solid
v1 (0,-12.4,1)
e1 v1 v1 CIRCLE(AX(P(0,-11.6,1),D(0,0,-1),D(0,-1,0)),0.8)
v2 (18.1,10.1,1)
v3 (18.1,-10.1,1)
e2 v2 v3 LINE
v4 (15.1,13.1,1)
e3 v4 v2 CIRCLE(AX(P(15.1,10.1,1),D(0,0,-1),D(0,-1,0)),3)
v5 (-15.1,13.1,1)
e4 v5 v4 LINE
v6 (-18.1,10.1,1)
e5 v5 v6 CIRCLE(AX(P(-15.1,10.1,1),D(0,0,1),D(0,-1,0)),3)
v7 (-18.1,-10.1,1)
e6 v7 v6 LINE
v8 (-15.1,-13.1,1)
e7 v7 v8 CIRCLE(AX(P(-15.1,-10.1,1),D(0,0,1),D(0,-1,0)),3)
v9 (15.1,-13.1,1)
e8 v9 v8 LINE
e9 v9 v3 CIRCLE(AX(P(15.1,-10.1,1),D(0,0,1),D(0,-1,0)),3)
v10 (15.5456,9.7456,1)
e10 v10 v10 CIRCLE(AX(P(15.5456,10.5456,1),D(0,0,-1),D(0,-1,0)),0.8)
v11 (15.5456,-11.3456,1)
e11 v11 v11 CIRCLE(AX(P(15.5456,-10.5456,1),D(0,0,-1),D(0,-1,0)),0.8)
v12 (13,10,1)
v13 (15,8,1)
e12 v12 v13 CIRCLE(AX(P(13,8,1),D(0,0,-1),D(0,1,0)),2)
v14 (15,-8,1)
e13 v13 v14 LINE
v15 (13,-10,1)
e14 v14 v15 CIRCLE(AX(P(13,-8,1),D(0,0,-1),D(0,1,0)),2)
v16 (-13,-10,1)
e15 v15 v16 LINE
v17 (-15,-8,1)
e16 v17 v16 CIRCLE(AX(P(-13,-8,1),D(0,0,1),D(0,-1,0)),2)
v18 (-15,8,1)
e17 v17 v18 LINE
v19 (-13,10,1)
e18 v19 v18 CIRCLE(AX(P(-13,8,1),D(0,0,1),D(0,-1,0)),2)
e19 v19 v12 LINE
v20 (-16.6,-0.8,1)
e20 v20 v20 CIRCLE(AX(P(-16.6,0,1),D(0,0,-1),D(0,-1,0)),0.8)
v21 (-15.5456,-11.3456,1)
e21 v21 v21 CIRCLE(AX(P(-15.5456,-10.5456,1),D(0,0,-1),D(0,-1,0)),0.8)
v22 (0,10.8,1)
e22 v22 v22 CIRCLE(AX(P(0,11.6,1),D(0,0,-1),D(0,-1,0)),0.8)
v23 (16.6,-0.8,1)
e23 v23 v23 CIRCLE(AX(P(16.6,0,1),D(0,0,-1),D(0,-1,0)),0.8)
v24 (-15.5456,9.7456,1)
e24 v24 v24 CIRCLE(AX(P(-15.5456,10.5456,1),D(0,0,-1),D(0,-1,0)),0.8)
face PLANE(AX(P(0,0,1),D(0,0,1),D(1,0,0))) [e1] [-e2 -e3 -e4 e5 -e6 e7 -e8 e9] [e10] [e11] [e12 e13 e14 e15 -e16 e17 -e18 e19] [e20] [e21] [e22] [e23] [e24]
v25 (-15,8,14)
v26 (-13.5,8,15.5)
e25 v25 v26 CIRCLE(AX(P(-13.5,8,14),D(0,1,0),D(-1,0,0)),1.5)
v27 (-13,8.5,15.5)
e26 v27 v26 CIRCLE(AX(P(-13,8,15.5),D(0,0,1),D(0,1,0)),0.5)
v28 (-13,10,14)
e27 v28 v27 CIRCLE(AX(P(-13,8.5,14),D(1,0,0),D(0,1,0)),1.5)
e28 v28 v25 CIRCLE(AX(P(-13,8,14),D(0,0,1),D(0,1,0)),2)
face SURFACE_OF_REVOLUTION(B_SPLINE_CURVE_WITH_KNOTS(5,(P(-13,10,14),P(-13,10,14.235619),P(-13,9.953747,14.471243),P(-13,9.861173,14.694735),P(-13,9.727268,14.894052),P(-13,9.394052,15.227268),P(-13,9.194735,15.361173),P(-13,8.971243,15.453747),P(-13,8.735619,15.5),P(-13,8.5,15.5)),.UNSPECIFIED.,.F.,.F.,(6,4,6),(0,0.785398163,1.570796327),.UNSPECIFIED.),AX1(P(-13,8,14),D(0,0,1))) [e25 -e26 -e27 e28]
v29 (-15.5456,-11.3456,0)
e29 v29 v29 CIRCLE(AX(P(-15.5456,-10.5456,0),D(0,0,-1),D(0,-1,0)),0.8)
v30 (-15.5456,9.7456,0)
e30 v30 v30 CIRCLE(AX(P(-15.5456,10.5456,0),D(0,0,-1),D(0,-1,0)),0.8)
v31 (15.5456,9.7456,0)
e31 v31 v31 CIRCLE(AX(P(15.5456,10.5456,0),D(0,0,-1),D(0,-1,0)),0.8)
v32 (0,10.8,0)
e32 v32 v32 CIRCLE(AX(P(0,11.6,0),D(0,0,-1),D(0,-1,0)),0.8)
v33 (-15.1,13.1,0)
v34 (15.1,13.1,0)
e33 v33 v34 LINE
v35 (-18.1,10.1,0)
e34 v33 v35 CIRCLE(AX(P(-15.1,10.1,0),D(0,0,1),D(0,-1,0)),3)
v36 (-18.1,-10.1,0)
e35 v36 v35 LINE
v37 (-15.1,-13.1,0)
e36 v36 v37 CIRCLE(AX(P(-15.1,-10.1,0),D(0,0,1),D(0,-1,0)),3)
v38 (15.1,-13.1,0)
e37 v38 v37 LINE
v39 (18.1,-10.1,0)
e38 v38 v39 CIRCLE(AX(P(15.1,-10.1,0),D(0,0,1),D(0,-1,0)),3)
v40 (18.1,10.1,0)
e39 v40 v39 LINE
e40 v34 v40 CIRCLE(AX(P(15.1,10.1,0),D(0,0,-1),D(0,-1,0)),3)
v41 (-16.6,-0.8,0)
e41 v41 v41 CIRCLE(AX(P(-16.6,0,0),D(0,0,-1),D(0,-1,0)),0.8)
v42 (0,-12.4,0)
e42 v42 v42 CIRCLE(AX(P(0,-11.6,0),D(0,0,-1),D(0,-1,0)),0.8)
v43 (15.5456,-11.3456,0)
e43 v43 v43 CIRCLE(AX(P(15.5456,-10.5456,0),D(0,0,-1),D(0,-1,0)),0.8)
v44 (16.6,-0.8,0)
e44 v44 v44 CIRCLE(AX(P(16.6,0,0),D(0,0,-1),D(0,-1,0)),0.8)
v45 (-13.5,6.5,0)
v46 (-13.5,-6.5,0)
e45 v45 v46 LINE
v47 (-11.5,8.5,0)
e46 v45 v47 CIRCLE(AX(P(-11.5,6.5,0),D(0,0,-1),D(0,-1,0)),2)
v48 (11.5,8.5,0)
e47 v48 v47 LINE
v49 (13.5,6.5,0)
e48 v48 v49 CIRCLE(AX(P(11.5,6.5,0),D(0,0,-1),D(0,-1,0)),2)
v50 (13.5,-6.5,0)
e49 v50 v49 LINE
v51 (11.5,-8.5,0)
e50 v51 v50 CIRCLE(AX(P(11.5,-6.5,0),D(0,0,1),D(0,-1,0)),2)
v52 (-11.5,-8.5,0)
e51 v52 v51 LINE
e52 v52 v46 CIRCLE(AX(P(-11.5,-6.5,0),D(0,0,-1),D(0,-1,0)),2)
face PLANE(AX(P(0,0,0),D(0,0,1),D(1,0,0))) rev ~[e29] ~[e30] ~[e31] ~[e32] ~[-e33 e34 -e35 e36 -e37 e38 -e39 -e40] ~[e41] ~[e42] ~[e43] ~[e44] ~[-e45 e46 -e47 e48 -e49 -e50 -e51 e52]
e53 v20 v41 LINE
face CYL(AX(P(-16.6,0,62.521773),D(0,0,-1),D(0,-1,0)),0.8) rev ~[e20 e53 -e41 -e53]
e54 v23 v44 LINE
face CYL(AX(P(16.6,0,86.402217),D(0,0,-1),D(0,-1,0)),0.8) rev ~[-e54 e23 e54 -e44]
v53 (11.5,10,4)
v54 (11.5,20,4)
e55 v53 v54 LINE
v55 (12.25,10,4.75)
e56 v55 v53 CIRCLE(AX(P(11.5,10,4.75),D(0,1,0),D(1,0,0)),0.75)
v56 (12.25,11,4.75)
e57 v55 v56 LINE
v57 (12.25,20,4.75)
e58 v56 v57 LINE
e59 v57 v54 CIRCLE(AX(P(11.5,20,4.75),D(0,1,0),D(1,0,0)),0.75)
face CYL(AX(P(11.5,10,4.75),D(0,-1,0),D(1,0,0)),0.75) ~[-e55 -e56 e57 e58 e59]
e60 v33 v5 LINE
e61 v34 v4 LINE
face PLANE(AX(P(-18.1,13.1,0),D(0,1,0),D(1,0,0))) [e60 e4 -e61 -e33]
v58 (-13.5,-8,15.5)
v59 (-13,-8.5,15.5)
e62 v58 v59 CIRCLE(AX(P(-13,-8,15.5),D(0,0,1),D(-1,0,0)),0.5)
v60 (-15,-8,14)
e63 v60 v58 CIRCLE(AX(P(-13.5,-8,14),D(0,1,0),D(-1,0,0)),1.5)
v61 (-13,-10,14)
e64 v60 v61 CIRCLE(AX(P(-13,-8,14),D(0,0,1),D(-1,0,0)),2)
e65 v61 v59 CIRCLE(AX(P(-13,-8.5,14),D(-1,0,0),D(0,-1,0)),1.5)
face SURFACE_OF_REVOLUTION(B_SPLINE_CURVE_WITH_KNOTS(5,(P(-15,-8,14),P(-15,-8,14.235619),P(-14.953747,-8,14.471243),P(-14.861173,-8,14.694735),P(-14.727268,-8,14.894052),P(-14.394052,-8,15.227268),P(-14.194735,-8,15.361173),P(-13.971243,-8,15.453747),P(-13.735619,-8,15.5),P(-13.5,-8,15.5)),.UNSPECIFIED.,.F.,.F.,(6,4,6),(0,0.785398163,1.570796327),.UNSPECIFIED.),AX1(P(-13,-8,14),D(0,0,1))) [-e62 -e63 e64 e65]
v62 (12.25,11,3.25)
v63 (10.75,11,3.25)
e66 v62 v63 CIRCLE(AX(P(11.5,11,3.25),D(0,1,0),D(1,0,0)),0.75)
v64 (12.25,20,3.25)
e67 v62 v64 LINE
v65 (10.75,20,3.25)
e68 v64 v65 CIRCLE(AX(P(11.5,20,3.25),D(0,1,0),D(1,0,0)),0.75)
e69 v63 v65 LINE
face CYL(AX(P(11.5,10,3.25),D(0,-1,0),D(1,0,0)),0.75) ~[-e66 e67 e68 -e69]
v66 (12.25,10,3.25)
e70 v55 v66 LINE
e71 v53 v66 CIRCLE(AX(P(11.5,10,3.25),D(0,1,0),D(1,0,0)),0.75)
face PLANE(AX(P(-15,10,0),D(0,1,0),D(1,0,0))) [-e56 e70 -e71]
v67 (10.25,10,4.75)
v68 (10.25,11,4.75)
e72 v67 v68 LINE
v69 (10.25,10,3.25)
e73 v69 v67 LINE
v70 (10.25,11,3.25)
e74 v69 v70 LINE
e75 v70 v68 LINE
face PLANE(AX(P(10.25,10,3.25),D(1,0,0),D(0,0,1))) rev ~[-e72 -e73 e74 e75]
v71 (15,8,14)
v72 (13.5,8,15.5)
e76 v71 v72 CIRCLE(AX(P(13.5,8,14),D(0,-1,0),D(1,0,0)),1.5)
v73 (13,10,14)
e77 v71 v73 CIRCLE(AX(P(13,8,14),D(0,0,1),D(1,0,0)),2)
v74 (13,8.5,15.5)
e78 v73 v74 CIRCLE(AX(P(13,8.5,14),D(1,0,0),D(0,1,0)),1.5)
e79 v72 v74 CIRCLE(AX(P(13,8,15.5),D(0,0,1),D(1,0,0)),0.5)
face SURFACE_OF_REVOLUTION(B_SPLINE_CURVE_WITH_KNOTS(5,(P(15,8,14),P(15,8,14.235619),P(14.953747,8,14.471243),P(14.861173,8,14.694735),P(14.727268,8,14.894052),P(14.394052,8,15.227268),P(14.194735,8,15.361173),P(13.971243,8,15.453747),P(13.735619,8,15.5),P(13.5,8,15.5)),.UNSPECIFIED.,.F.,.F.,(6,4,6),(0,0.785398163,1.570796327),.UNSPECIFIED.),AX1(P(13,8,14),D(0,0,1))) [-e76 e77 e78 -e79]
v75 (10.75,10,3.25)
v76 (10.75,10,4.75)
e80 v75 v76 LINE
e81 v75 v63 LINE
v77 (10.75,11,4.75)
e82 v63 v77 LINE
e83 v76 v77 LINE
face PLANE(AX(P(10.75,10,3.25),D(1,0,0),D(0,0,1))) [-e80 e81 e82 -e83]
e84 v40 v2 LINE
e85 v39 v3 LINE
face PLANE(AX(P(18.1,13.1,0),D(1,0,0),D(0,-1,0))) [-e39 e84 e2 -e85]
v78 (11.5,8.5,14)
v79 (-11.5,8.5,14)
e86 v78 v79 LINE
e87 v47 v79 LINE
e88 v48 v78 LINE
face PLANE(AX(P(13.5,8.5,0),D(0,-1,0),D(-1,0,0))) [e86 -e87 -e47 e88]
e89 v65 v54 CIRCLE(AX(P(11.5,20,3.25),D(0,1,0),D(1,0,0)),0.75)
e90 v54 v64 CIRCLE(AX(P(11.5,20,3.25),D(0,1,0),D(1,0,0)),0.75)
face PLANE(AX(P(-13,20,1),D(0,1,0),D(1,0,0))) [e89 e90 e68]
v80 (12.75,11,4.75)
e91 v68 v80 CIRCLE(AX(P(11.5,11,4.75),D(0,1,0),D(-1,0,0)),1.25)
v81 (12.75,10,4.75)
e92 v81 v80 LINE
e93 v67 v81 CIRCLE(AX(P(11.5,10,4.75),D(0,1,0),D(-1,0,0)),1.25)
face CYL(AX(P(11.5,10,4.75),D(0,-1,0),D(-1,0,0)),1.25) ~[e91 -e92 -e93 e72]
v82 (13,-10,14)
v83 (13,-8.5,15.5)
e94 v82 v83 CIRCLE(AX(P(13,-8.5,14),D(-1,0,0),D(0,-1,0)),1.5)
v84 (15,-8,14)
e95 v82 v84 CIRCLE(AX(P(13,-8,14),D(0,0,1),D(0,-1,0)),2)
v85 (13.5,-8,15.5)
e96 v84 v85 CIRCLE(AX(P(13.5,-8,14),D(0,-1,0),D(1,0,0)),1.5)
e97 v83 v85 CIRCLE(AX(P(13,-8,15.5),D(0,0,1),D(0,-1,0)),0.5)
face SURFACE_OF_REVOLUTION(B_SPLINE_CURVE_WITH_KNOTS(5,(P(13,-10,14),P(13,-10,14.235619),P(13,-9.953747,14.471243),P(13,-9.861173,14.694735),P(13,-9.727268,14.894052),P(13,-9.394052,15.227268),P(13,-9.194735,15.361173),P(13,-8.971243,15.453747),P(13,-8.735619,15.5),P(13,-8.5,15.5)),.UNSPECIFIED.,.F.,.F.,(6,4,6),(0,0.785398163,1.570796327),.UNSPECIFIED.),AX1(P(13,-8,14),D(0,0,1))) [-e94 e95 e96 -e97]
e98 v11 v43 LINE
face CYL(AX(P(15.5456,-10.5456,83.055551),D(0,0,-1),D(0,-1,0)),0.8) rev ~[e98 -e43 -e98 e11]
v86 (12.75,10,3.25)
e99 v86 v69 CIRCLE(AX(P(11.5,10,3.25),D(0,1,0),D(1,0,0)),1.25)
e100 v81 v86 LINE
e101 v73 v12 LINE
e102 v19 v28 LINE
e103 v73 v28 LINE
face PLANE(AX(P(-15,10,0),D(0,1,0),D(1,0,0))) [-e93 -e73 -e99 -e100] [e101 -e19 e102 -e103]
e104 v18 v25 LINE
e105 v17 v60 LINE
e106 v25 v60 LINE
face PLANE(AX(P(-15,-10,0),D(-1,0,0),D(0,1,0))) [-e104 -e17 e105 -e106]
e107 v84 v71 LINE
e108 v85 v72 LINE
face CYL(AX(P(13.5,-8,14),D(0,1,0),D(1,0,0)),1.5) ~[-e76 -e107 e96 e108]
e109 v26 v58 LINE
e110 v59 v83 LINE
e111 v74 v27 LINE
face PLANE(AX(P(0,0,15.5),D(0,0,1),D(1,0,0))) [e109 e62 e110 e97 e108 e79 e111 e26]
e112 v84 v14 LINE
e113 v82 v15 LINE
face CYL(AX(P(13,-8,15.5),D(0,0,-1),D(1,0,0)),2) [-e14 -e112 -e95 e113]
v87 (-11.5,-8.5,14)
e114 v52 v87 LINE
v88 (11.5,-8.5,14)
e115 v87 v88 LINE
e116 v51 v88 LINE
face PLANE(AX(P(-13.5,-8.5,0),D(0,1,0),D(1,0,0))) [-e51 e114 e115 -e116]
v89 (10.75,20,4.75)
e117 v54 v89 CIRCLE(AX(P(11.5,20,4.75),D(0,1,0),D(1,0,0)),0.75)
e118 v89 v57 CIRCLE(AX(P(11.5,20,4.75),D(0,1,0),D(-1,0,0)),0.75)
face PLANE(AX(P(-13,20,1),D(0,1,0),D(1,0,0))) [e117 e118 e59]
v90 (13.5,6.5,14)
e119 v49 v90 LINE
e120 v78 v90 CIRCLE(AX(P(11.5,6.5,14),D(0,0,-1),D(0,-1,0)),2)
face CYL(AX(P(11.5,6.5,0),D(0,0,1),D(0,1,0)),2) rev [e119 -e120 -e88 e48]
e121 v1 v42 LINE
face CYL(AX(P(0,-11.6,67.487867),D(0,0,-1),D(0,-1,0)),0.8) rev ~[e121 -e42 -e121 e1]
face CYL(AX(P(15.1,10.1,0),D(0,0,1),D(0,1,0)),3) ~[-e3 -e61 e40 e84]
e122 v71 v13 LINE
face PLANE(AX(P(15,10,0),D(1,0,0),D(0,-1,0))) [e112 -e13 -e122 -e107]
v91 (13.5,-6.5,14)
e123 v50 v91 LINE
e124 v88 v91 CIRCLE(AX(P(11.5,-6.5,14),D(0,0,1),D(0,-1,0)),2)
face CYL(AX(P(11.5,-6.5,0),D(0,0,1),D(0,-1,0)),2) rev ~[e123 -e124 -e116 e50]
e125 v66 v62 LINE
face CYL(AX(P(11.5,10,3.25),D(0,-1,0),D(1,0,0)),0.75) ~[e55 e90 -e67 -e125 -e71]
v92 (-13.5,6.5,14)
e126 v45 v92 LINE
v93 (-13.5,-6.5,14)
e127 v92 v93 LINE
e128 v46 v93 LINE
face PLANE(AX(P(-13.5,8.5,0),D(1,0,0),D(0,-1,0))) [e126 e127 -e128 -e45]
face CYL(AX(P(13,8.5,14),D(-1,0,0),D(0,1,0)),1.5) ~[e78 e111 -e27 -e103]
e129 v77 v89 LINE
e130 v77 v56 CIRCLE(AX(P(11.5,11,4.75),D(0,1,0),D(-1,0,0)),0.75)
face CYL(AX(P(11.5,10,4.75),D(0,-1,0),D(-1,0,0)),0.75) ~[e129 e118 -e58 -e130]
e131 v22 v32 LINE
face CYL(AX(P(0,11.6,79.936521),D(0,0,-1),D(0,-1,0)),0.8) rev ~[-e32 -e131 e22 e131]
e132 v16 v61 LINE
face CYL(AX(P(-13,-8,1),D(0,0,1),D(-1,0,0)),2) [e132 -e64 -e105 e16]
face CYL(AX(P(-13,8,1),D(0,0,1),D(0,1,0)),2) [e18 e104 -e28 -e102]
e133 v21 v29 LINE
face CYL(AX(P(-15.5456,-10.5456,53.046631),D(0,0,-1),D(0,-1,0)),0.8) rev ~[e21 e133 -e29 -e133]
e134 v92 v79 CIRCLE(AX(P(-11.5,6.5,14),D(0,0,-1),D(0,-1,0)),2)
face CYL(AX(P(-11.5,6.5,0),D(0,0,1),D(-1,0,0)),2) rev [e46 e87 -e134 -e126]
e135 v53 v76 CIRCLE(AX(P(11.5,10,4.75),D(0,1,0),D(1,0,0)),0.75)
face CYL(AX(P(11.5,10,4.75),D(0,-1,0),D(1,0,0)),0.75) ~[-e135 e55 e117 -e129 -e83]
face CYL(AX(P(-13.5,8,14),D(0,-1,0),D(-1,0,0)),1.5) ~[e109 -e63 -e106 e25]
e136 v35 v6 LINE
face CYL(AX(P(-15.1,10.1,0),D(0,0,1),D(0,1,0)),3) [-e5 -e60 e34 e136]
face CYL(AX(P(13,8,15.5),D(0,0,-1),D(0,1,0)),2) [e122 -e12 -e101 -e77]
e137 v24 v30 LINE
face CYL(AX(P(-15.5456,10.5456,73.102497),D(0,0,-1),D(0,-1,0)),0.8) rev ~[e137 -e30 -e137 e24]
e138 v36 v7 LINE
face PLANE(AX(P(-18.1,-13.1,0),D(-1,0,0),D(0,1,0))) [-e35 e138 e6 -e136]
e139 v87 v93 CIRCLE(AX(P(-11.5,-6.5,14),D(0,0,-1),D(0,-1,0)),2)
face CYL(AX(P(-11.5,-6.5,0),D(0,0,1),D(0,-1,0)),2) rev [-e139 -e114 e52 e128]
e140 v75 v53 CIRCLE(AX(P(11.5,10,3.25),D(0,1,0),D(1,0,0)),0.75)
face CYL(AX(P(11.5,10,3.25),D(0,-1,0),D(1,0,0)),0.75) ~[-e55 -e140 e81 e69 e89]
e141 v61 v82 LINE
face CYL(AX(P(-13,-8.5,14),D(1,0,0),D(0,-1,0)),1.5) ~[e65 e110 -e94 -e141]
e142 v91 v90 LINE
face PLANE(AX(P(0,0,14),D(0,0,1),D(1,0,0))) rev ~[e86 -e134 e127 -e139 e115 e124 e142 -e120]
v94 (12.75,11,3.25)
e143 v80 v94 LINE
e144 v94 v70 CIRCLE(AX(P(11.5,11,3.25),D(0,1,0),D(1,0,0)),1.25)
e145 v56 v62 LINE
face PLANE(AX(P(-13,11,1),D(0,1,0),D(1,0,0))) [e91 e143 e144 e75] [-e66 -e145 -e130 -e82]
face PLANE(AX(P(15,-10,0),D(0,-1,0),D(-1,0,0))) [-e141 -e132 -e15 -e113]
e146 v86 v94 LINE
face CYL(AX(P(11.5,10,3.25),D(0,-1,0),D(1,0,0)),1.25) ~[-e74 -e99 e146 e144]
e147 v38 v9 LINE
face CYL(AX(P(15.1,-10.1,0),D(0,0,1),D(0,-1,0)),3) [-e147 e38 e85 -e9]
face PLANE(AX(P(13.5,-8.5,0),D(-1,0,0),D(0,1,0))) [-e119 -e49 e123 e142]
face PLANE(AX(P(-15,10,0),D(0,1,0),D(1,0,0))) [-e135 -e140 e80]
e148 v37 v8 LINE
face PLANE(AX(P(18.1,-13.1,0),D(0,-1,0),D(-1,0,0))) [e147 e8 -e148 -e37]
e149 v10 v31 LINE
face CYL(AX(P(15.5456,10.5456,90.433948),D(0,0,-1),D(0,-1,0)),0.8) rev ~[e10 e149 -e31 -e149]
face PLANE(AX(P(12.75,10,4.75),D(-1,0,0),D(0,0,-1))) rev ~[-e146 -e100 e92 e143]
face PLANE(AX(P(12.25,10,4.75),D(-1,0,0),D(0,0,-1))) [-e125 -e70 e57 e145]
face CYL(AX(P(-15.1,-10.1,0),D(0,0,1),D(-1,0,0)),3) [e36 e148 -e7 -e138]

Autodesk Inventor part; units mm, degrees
ref_plane "YZ Plane" through (0, 0, 0) normal (1, 0, 0) x (0, 1, 0)
ref_plane "XZ Plane" through (0, 0, 0) normal (0, 1, 0) x (-1, 0, 0)
ref_plane "XY Plane" through (0, 0, 0) normal (0, 0, 1) x (1, 0, 0)
sketch "Sketch1" plane through (0, 0, 0) normal (0, 0, 1) x (1, 0, 0)
  line L0 (-15, 10) -> (15, 10)
  line L1 (15, 10) -> (15, -10)
  line L2 (15, -10) -> (-15, -10)
  line L3 (-15, -10) -> (-15, 10)
  line L4 (-18.1, 13.1) -> (18.1, 13.1)
  line L5 (18.1, 13.1) -> (18.1, -13.1)
  line L6 (18.1, -13.1) -> (-18.1, -13.1)
  line L7 (-18.1, -13.1) -> (-18.1, 13.1)
  line L8 (16.6, 11.6) -> (-16.6, 11.6)
  line L9 (-16.6, 11.6) -> (-16.6, -11.6)
  line L10 (-16.6, -11.6) -> (16.6, -11.6)
  line L11 (16.6, -11.6) -> (16.6, 11.6)
  line L12 (13.5, 8.5) -> (-13.5, 8.5)
  line L13 (-13.5, 8.5) -> (-13.5, -8.5)
  line L14 (-13.5, -8.5) -> (13.5, -8.5)
  line L15 (13.5, -8.5) -> (13.5, 8.5)
  point P0 (0, 0)
  dimension "d0" = 20
  dimension "d1" = 30
  dimension "d2" = 3.1
  dimension "d3" = 1.6
  dimension "d4" = 1.5
  dimension "d17" = 15
  dimension "d18" = 10
extrude "Extrusion1" add sketch "Sketch1" along normal blind 1 contours L4 L5 L6 L7 | L11 L10 L9 L8
extrude "Extrusion3" add sketch "Sketch1" along normal blind 14 contours L0 L1 L2 L3
sketch "Sketch2" plane through (0, 0, 14) normal (0, 0, 1) x (1, 0, 0)
  line L0 (13.5, 8.5) -> (13.5, -8.5) projected
  line L1 (13.5, -8.5) -> (-13.5, -8.5) projected
  line L2 (-13.5, -8.5) -> (-13.5, 8.5) projected
  line L3 (-13.5, 8.5) -> (13.5, 8.5) projected
  line L4 (15, 10) -> (-15, 10) projected
  line L5 (-15, 10) -> (-15, -10) projected
  line L6 (-15, -10) -> (15, -10) projected
  line L7 (15, -10) -> (15, 10) projected
  point P0 (0, 0)
extrude "Extrusion4" add sketch "Sketch2" along normal blind 1.5 contours L0 L1 L2 L3 | L7 L6 L5 L4
fillet "Fillet1" radius 2 8 edges at (-15, 10, 8.25) (-15, -10, 8.25) (15, 10, 8.25) (15, -10, 8.25) (13.5, -8.5, 7) (-13.5, -8.5, 7) (13.5, 8.5, 7) (-13.5, 8.5, 7)
fillet "Fillet1" radius 3 4 edges at (-18.1, -13.1, 0.5) (18.1, -13.1, 0.5) (18.1, 13.1, 0.5) (-18.1, 13.1, 0.5)
fillet "Fillet2" radius 1.5 8 edges at (-14.4142, 9.4142, 15.5) (-15, 0, 15.5) (-14.4142, -9.4142, 15.5) (0, -10, 15.5) (14.4142, -9.4142, 15.5) (15, 0, 15.5) (14.4142, 9.4142, 15.5) (0, 10, 15.5)
sketch "Sketch3" plane through (0, 0, 1) normal (0, 0, 1) x (1, 0, 0)
  arc A0 (-15.1, 13.1) -> (-18.1, 10.1) centre (-15.1, 10.1) ccw projected
  line L0 (-18.1, 10.1) -> (-18.1, -10.1) projected
  arc A1 (-18.1, -10.1) -> (-15.1, -13.1) centre (-15.1, -10.1) ccw projected
  line L1 (-15.1, -13.1) -> (15.1, -13.1) projected
  arc A2 (15.1, -13.1) -> (18.1, -10.1) centre (15.1, -10.1) ccw projected
  line L2 (18.1, -10.1) -> (18.1, 10.1) projected
  arc A3 (18.1, 10.1) -> (15.1, 13.1) centre (15.1, 10.1) ccw projected
  line L3 (15.1, 13.1) -> (-15.1, 13.1) projected
  line L4 (15, 8) -> (15, -8) projected
  arc A4 (13, -10) -> (15, -8) centre (13, -8) ccw projected
  line L5 (13, -10) -> (-13, -10) projected
  arc A5 (-15, -8) -> (-13, -10) centre (-13, -8) ccw projected
  line L6 (-15, -8) -> (-15, 8) projected
  arc A6 (-13, 10) -> (-15, 8) centre (-13, 8) ccw projected
  line L7 (-13, 10) -> (13, 10) projected
  arc A7 (15, 8) -> (13, 10) centre (13, 8) ccw projected
  line L8 (16.6, -8) -> (16.6, 8)
  arc A8 (16.6, 8) -> (13, 11.6) centre (13, 8) ccw
  line L9 (13, 11.6) -> (-13, 11.6)
  arc A9 (-13, 11.6) -> (-16.6, 8) centre (-13, 8) ccw
  line L10 (-16.6, 8) -> (-16.6, -8)
  arc A10 (-16.6, -8) -> (-13, -11.6) centre (-13, -8) ccw
  line L11 (-13, -11.6) -> (13, -11.6)
  arc A11 (13, -11.6) -> (16.6, -8) centre (13, -8) ccw
  point P0 (0, 0)
  point P1 (15.5456, -10.5456)
  point P2 (0, -11.6)
  point P3 (-15.5456, -10.5456)
  point P4 (-16.6, 0)
  point P5 (16.6, 0)
  point P6 (15.5456, 10.5456)
  point P7 (0, 11.6)
  point P8 (-15.5456, 10.5456)
  dimension "d16" = 1.6
hole "Hole1" at (15.5456, -10.5456, 1) at (0, -11.6, 1) at (-15.5456, -10.5456, 1) at (-16.6, 0, 1) at (16.6, 0, 1) at (15.5456, 10.5456, 1) at (0, 11.6, 1) at (-15.5456, 10.5456, 1) direction (0, 0, -1) diameter 1.6 end through all both
sketch "Sketch4" plane through (-13, 10, 1) normal (0, 1, 0) x (1, 0, 0)
  line L0 (26, -13) -> (0, -13) projected
  line L1 (26, 0) -> (26, -13) projected
  line L2 (0, 0) -> (26, 0) projected
  line L3 (0, -13) -> (0, 0) projected
  line L4 (24.5, -3.75) -> (24.5, -2.25) construction
  line L5 (25.25, -3.75) -> (25.25, -2.25)
  line L6 (23.75, -2.25) -> (23.75, -3.75)
  arc A0 (23.75, -3.75) -> (25.25, -3.75) centre (24.5, -3.75) ccw
  arc A1 (25.25, -2.25) -> (23.75, -2.25) centre (24.5, -2.25) ccw
  line L7 (25.75, -3.75) -> (25.75, -2.25)
  arc A2 (25.75, -2.25) -> (23.25, -2.25) centre (24.5, -2.25) ccw
  line L8 (23.25, -2.25) -> (23.25, -3.75)
  arc A3 (23.25, -3.75) -> (25.75, -3.75) centre (24.5, -3.75) ccw
  circle A4 centre (24.5, -3.75) radius 0.75
  circle A5 centre (24.5, -2.25) radius 0.75
  point P0 (13, 1)
  point P1 (24.5, -3)
  dimension "d26" = 1.5
  dimension "d27" = 1.5
  dimension "d28" = 1.5
  dimension "d29" = 10
  dimension "d30" = 13
  dimension "d31" = 0.5
extrude "Extrusion5" add sketch "Sketch4" along normal blind 1 contours A3 L8 A2 L7
extrude "Extrusion6" add sketch "Sketch4" along normal blind 10 contours A0 A4 | A5 A1
properties part number "CNCM_ALU_Vibration_module_cover" material "Aluminum 6061"
